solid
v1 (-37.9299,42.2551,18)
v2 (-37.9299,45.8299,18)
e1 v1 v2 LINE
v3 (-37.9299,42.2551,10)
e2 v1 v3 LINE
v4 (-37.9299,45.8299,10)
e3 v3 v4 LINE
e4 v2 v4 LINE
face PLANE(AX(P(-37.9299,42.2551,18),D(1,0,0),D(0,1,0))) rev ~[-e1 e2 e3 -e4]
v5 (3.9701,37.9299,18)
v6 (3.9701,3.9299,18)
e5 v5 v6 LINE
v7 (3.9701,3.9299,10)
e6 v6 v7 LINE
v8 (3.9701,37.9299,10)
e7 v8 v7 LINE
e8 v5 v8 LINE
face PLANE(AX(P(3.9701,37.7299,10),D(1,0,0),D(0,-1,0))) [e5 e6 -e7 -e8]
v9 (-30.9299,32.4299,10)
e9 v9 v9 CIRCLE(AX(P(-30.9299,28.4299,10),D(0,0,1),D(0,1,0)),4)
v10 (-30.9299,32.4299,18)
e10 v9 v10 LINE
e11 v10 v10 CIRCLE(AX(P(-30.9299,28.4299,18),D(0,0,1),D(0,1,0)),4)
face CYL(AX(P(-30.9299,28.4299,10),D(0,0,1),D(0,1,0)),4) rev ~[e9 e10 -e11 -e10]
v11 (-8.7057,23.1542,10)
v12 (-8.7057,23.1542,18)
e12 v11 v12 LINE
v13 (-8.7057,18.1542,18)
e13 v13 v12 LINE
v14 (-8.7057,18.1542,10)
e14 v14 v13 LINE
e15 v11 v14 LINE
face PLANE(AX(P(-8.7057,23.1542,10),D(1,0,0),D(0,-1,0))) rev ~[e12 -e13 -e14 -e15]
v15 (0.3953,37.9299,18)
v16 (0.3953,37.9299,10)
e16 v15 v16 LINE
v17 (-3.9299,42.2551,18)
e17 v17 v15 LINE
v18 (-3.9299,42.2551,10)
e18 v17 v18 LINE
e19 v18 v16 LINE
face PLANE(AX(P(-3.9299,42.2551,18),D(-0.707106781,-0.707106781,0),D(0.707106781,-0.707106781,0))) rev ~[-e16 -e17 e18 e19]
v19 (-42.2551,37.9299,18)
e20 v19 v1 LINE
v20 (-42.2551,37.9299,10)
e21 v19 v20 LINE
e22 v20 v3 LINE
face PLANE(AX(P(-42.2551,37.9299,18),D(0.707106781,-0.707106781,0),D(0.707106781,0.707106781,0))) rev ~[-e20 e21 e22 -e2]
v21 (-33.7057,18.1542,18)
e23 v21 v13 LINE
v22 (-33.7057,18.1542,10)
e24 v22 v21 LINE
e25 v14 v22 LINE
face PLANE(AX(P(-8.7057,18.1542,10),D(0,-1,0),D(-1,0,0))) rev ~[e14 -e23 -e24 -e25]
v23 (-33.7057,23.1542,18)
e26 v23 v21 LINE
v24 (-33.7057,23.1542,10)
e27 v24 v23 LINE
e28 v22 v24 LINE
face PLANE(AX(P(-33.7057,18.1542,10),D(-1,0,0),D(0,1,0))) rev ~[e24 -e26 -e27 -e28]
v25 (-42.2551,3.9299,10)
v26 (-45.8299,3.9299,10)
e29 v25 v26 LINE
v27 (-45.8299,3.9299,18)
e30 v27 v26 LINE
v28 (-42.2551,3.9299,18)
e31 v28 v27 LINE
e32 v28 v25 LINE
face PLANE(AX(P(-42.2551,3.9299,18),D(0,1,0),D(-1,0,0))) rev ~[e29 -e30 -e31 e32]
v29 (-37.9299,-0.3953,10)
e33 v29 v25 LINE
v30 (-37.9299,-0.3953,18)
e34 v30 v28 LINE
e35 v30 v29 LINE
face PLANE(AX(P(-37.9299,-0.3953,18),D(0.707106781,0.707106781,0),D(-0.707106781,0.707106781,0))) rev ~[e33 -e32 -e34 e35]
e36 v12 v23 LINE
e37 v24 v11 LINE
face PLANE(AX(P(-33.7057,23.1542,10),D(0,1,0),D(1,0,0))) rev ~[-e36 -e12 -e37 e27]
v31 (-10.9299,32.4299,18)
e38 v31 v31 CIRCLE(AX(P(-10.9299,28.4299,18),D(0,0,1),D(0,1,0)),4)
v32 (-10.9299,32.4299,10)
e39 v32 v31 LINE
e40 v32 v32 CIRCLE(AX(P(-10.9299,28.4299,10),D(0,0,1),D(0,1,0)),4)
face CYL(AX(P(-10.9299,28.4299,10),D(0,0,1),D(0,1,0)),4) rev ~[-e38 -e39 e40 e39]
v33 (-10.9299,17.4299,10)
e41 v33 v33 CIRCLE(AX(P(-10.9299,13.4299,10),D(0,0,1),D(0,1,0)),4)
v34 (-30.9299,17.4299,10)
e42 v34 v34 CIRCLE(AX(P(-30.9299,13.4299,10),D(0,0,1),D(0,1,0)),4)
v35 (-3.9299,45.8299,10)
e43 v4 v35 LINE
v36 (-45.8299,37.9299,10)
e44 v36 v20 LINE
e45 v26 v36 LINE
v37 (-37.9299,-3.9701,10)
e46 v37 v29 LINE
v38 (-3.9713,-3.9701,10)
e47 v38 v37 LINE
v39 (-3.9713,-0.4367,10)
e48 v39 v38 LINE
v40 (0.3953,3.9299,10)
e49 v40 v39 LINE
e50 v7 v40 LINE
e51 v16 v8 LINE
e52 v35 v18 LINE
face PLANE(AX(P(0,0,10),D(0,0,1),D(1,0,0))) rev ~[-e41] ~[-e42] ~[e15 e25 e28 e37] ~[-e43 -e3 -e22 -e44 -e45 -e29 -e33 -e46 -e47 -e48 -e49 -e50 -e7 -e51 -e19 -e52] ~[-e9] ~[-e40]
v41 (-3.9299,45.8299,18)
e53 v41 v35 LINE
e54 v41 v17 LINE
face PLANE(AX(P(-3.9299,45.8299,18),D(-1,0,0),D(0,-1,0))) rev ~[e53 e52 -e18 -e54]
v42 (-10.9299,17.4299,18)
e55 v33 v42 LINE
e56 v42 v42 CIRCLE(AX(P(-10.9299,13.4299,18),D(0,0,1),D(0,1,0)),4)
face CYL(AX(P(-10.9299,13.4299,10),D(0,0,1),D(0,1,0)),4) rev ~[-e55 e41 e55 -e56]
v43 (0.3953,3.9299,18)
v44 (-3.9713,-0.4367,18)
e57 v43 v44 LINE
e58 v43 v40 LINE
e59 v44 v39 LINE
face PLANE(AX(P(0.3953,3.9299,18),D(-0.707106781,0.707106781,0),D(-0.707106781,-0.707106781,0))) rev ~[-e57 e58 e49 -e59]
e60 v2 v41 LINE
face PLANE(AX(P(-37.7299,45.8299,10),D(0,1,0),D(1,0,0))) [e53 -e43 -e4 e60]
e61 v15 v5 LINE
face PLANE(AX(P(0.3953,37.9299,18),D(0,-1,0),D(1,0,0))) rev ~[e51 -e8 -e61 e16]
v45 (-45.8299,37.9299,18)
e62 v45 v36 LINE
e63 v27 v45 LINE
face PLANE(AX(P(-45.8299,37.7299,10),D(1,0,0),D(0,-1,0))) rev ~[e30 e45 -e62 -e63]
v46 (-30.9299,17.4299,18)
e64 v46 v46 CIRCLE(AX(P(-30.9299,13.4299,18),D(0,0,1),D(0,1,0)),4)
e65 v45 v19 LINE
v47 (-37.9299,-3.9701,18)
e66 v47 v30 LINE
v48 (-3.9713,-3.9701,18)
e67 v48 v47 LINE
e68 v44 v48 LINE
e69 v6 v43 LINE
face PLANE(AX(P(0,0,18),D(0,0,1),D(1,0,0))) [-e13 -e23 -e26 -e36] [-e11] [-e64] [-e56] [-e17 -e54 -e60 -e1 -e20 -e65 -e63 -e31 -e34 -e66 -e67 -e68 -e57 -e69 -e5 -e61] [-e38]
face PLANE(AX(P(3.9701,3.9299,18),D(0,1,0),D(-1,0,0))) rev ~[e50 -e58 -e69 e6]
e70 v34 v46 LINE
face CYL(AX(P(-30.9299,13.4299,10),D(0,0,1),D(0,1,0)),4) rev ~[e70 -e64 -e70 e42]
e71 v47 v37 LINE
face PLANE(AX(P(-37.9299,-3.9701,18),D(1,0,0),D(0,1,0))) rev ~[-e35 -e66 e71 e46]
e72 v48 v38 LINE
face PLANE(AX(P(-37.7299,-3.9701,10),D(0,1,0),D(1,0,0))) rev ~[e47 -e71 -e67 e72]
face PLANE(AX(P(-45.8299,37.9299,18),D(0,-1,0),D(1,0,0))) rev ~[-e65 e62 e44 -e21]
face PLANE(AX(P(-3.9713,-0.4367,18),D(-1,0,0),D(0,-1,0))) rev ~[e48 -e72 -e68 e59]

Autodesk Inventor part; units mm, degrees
ref_plane "YZ Plane" through (0, 0, 0) normal (1, 0, 0) x (0, 1, 0)
ref_plane "XZ Plane" through (0, 0, 0) normal (0, 1, 0) x (-1, 0, 0)
ref_plane "Work Plane1" through (0, 0, 10) normal (0, 0, 1) x (1, 0, 0)
sketch "Sketch1" plane through (0, 0, 10) normal (0, 0, 1) x (1, 0, 0)
  line L0 (-4.0299, -0.3538) -> (-2.2322, 1.4439) construction
  arc A0 (-1.4439, 2.2322) -> (-2.2322, 1.4439) centre (-0.9299, 0.9299) ccw construction
  line L1 (-1.4439, 2.2322) -> (0.3538, 4.0299) construction
  line L2 (-37.8299, 42.8299) -> (-37.8299, 37.8299) construction
  line L3 (-37.8299, 37.8299) -> (-42.9208, 37.8299) construction
  line L4 (-37.8299, 42.2137) -> (-37.8299, 45.8299) construction
  line L5 (-37.8299, 45.8299) -> (-4.0299, 45.8299) construction
  line L6 (-4.0299, 45.8299) -> (-4.0299, 42.2137) construction
  line L7 (-4.0299, 4.0299) -> (0.3538, 4.0299) projected
  circle A1 centre (-20.9299, 20.9299) radius 17.5 projected
  line L8 (-20.9299, 58.9723) -> (17.1124, 20.9299) construction
  line L9 (17.1124, 20.9299) -> (-20.9299, -17.1124) construction
  line L10 (-20.9299, -17.1124) -> (-58.9723, 20.9299) construction
  line L11 (-58.9723, 20.9299) -> (-20.9299, 58.9723) construction
  line L12 (-20.9299, 58.9723) -> (-20.9299, -17.1124) construction
  line L13 (17.1124, 20.9299) -> (-58.9723, 20.9299) construction
  line L14 (-20.9299, 58.9723) -> (32.8701, 58.9723) construction
  line L15 (-43.4299, 43.4299) -> (1.5701, 43.4299) construction
  line L16 (1.5701, 43.4299) -> (1.5701, -1.5701) construction
  line L17 (1.5701, -1.5701) -> (-43.4299, -1.5701) construction
  line L18 (-43.4299, -1.5701) -> (-43.4299, 43.4299) construction
  line L19 (-43.4299, 43.4299) -> (1.5701, -1.5701) construction
  line L20 (1.5701, 43.4299) -> (-43.4299, -1.5701) construction
  line L21 (-43.4299, 5.3876) -> (-43.4299, 36.4723)
  line L22 (-43.4299, 36.4723) -> (-36.4723, 43.4299)
  line L23 (-36.4723, 43.4299) -> (-5.3876, 43.4299)
  line L24 (-5.3876, 43.4299) -> (1.5701, 36.4723)
  line L25 (1.5701, 36.4723) -> (1.5701, 5.3876)
  line L26 (1.5701, 5.3876) -> (-5.3876, -1.5701)
  line L27 (-5.3876, -1.5701) -> (-36.4723, -1.5701)
  line L28 (-36.4723, -1.5701) -> (-43.4299, 5.3876)
  line L29 (-4.0299, 42.2137) -> (-37.8299, 42.2137) projected
  line L30 (-4.0299, -0.3538) -> (-4.0299, 4.0299) projected
  circle A2 centre (-20.9299, 20.9299) radius 1.5
  line L31 (-10.9299, 10.9299) -> (-30.9299, 10.9299) construction
  line L32 (-30.9299, 10.9299) -> (-30.9299, 30.9299) construction
  line L33 (-30.9299, 30.9299) -> (-10.9299, 30.9299) construction
  line L34 (-10.9299, 30.9299) -> (-10.9299, 10.9299) construction
  line L35 (-10.9299, 10.9299) -> (-30.9299, 30.9299) construction
  line L36 (-30.9299, 10.9299) -> (-10.9299, 30.9299) construction
  circle A3 centre (-30.9299, 30.9299) radius 1.4
  circle A4 centre (-30.9299, 10.9299) radius 1.4
  circle A5 centre (-10.9299, 10.9299) radius 1.4
  line L37 (-45.8299, 37.8299) -> (-42.0723, 37.8299) construction
  line L38 (-42.1723, 37.7299) -> (-45.8299, 37.7299)
  line L39 (-45.8299, 37.7299) -> (-45.8299, 4.1299)
  line L40 (-45.8299, 4.1299) -> (-42.1723, 4.1299)
  line L41 (-42.1723, 4.1299) -> (-42.1723, 37.7299)
  line L42 (-45.8299, 4.0299) -> (-42.0723, 4.0299) construction
  line L43 (-45.8299, 37.8299) -> (-42.0723, 37.8299) projected
  line L44 (-37.7299, 45.8299) -> (-4.1299, 45.8299)
  line L45 (-4.1299, 45.8299) -> (-4.1299, 42.1723)
  line L46 (-4.1299, 42.1723) -> (-37.7299, 42.1723)
  line L47 (-37.7299, 42.1723) -> (-37.7299, 45.8299)
  line L48 (0.4701, 37.8299) -> (0.4701, 4.0299) construction
  line L49 (0.4701, 4.0299) -> (3.9701, 4.0299) construction
  line L50 (3.9701, 37.8299) -> (3.9701, 4.0299) construction
  line L51 (0.4701, 37.8299) -> (3.9701, 37.8299) construction
  line L52 (-45.8299, -3.9701) -> (-4.0299, -3.9701) construction
  line L53 (0.3124, 37.7299) -> (3.9701, 37.7299)
  line L54 (3.9701, 37.7299) -> (3.9701, 4.1299)
  line L55 (3.9701, 4.1299) -> (0.3124, 4.1299)
  line L56 (0.3124, 4.1299) -> (0.3124, 37.7299)
  line L57 (-4.1713, -0.3538) -> (-37.7299, -0.3538)
  line L58 (-37.7299, -0.3538) -> (-37.7299, -3.9701)
  line L59 (-37.7299, -3.9701) -> (-4.1713, -3.9701)
  line L60 (-4.1713, -3.9701) -> (-4.1713, -0.3538)
  point P0 (-37.8299, 4.0299)
  dimension "d18" = 53.8
  dimension "d19" = 45
  dimension "d20" = 53.8
  dimension "d21" = 45
  dimension "d22" = 45
  dimension "d30" = 20
  dimension "d31" = 20
  dimension "d32" = 2.8
  dimension "d33" = 2.8
  dimension "d34" = 2.8
  dimension "d35" = 3
  dimension "d36" = 0.1
  dimension "d37" = 0.1
  dimension "d38" = 0.1
  dimension "d39" = 0.1
extrude "Extrusion1" add sketch "Sketch1" along normal blind 8 contours L30 L26 L57 L28 L41 L22 L46 L24 L56 L7 | L7 L26 L30 | L56 L24 L25 L26 | L26 L25 L24 L53 L54 L55 | L60 L59 L58 L57 L28 L27 L26 | L26 L27 L28 L57 | L46 L22 L29 L24 | L24 L29 L45 | L40 L39 L38 L22 L21 L28 | L28 L21 L22 L41 | L29 L22 L23 L24 | L24 L23 L22 L29 L47 L44 L45 | L47 L29 L22 | A1 | A2 | A3 | A4 | A5
sketch "Skizze4" plane through (0, 0, 18) normal (0, 0, 1) x (1, 0, 0)
  line L0 (-37.7299, 42.1723) -> (-42.1723, 37.7299) projected
  line L1 (-42.1723, 37.7299) -> (-45.8299, 37.7299) projected
  line L2 (-45.8299, 37.7299) -> (-45.8299, 4.1299) construction
  line L3 (-45.8299, 4.1299) -> (-42.1723, 4.1299) projected
  line L4 (-42.1723, 4.1299) -> (-37.6885, -0.3538) projected
  line L5 (-37.6885, -0.3538) -> (-37.7299, -0.3538) projected
  line L6 (-37.7299, -0.3538) -> (-37.7299, -3.9701) projected
  line L7 (-37.7299, -3.9701) -> (-4.1713, -3.9701) construction
  line L8 (-4.1713, -3.9701) -> (-4.1713, -0.3538) projected
  line L9 (-4.1713, -0.3538) -> (0.3124, 4.1299) projected
  line L10 (0.3124, 4.1299) -> (3.9701, 4.1299) projected
  line L11 (3.9701, 4.1299) -> (3.9701, 37.7299) construction
  line L12 (3.9701, 37.7299) -> (0.3124, 37.7299) projected
  line L13 (0.3124, 37.7299) -> (-4.1299, 42.1723) projected
  line L14 (-4.1299, 42.1723) -> (-4.1299, 45.8299) projected
  line L15 (-4.1299, 45.8299) -> (-37.7299, 45.8299) construction
  line L16 (-37.7299, 45.8299) -> (-37.7299, 42.1723) projected
  line L17 (-37.9299, 46.0299) -> (-3.9299, 46.0299) construction
  line L18 (-3.9299, 46.0299) -> (-3.9299, 42.2551)
  line L19 (-3.9299, 42.2551) -> (0.3953, 37.9299)
  line L20 (0.3953, 37.9299) -> (4.1701, 37.9299)
  line L21 (4.1701, 37.9299) -> (4.1701, 3.9299) construction
  line L22 (4.1701, 3.9299) -> (0.3953, 3.9299)
  line L23 (0.3953, 3.9299) -> (-3.9713, -0.4367)
  line L24 (-3.9713, -0.4367) -> (-3.9713, -4.1701)
  line L25 (-3.9713, -4.1701) -> (-37.9299, -4.1701) construction
  line L26 (-37.9299, -4.1701) -> (-37.9299, -0.3953)
  line L27 (-37.9299, -0.3953) -> (-42.2551, 3.9299)
  line L28 (-42.2551, 3.9299) -> (-46.0299, 3.9299)
  line L29 (-46.0299, 3.9299) -> (-46.0299, 37.9299) construction
  line L30 (-46.0299, 37.9299) -> (-42.2551, 37.9299)
  line L31 (-42.2551, 37.9299) -> (-37.9299, 42.2551)
  line L32 (-37.9299, 42.2551) -> (-37.9299, 46.0299)
  line L33 (-45.8299, 37.7299) -> (-45.8299, 37.9299)
  line L34 (-4.1299, 45.8299) -> (-37.7299, 45.8299) projected
  line L35 (-37.7299, 45.8299) -> (-37.9299, 45.8299)
  line L36 (-4.1299, 45.8299) -> (-3.9299, 45.8299)
  line L37 (3.9701, 37.7299) -> (3.9701, 37.9299)
  line L38 (3.9701, 4.1299) -> (3.9701, 37.7299) projected
  line L39 (3.9701, 4.1299) -> (3.9701, 3.9299)
  line L40 (-4.1713, -3.9701) -> (-3.9713, -3.9701)
  line L41 (-37.7299, -3.9701) -> (-37.9299, -3.9701)
  line L42 (-45.8299, 4.1299) -> (-45.8299, 3.9299)
  point P0 (0, 0)
  dimension "d40" = 0.2
extrude "IM_offset" add sketch "Skizze4" against normal up to surface (8 mm away)
ref_plane "Arbeitsebene5" through (-20.9299, 3.9299, 10) normal (1, 0, 0) x (0, 0, -1)
ref_plane "Arbeitsebene6" through (-37.9299, 20.9299, 10) normal (0, 1, 0) x (1, 0, 0)
sketch "Skizze25" plane through (0, 0, 10) normal (0, 0, -1) x (-1, 0, 0)
  line L0 (3.9713, -3.9701) -> (37.9299, -3.9701) projected
  line L1 (37.9299, -3.9701) -> (37.9299, -0.3953) projected
  line L2 (37.9299, -0.3953) -> (42.2551, 3.9299) projected
  line L3 (42.2551, 3.9299) -> (45.8299, 3.9299) projected
  line L4 (45.8299, 3.9299) -> (45.8299, 37.9299) projected
  line L5 (45.8299, 37.9299) -> (42.2551, 37.9299) projected
  line L6 (42.2551, 37.9299) -> (37.9299, 42.2551) projected
  line L7 (37.9299, 42.2551) -> (37.9299, 45.8299) projected
  line L8 (37.9299, 45.8299) -> (3.9299, 45.8299) projected
  line L9 (3.9299, 45.8299) -> (3.9299, 42.2551) projected
  line L10 (3.9299, 42.2551) -> (-0.3953, 37.9299) projected
  line L11 (-0.3953, 37.9299) -> (-3.9701, 37.9299) projected
  line L12 (-3.9701, 37.9299) -> (-3.9701, 3.9299) projected
  line L13 (-3.9701, 3.9299) -> (-0.3953, 3.9299) projected
  line L14 (-0.3953, 3.9299) -> (3.9713, -0.4367) projected
  line L15 (3.9713, -0.4367) -> (3.9713, -3.9701) projected
  circle A0 centre (20.9299, 32.9299) radius 4
  circle A1 centre (20.9299, 8.9299) radius 4
  line L16 (-13.9301, 20.9299) -> (55.7899, 20.9299) projected
  line L17 (10.9299, 13.4299) -> (30.9299, 13.4299)
  line L18 (30.9299, 13.4299) -> (30.9299, 28.4299)
  line L19 (30.9299, 28.4299) -> (10.9299, 28.4299)
  line L20 (10.9299, 28.4299) -> (10.9299, 13.4299)
  line L21 (10.9299, 13.4299) -> (30.9299, 28.4299) construction
  line L22 (30.9299, 13.4299) -> (10.9299, 28.4299) construction
  point P0 (0, 0)
  point P1 (20.9299, 20.9299)
  dimension "d150" = 8
  dimension "d151" = 8
  dimension "d152" = 12
  dimension "d153" = 12
  dimension "d154" = 20
  dimension "d155" = 15
hole "Bohrung1" at (-30.9299, 28.4299, 10) at (-30.9299, 13.4299, 10) at (-10.9299, 13.4299, 10) at (-10.9299, 28.4299, 10) direction (0, 0, 1) diameter 8 end through all
sketch "Skizze26" plane through (0, 0, 10) normal (0, 0, -1) x (-1, 0, 0)
  circle A0 centre (10.9299, 13.4299) radius 4 projected
  circle A1 centre (30.9299, 28.4299) radius 4 projected
  circle A2 centre (30.9299, 13.4299) radius 4 projected
  circle A3 centre (10.9299, 28.4299) radius 4 projected
  line L0 (3.9713, -3.9701) -> (37.9299, -3.9701) projected
  line L1 (37.9299, -3.9701) -> (37.9299, -0.3953) projected
  line L2 (37.9299, -0.3953) -> (42.2551, 3.9299) projected
  line L3 (42.2551, 3.9299) -> (45.8299, 3.9299) projected
  line L4 (45.8299, 3.9299) -> (45.8299, 37.9299) projected
  line L5 (45.8299, 37.9299) -> (42.2551, 37.9299) projected
  line L6 (42.2551, 37.9299) -> (37.9299, 42.2551) projected
  line L7 (37.9299, 42.2551) -> (37.9299, 45.8299) projected
  line L8 (37.9299, 45.8299) -> (3.9299, 45.8299) projected
  line L9 (3.9299, 45.8299) -> (3.9299, 42.2551) projected
  line L10 (3.9299, 42.2551) -> (-0.3953, 37.9299) projected
  line L11 (-0.3953, 37.9299) -> (-3.9701, 37.9299) projected
  line L12 (-3.9701, 37.9299) -> (-3.9701, 3.9299) projected
  line L13 (-3.9701, 3.9299) -> (-0.3953, 3.9299) projected
  line L14 (-0.3953, 3.9299) -> (3.9713, -0.4367) projected
  line L15 (3.9713, -0.4367) -> (3.9713, -3.9701) projected
  line L16 (8.7057, 18.1542) -> (33.7057, 18.1542)
  line L17 (33.7057, 18.1542) -> (33.7057, 23.1542)
  line L18 (33.7057, 23.1542) -> (8.7057, 23.1542)
  line L19 (8.7057, 23.1542) -> (8.7057, 18.1542)
  line L20 (8.7057, 18.1542) -> (33.7057, 23.1542) construction
  line L21 (33.7057, 18.1542) -> (8.7057, 23.1542) construction
  point P0 (0, 0)
  point P1 (21.2057, 20.6542)
  dimension "d163" = 25
  dimension "d164" = 5
extrude "Extrusion21" cut sketch "Skizze26" against normal blind 10 contours L19 L18 L17 L16
properties part number "20_Cube_Insert_Filter_25mm"
